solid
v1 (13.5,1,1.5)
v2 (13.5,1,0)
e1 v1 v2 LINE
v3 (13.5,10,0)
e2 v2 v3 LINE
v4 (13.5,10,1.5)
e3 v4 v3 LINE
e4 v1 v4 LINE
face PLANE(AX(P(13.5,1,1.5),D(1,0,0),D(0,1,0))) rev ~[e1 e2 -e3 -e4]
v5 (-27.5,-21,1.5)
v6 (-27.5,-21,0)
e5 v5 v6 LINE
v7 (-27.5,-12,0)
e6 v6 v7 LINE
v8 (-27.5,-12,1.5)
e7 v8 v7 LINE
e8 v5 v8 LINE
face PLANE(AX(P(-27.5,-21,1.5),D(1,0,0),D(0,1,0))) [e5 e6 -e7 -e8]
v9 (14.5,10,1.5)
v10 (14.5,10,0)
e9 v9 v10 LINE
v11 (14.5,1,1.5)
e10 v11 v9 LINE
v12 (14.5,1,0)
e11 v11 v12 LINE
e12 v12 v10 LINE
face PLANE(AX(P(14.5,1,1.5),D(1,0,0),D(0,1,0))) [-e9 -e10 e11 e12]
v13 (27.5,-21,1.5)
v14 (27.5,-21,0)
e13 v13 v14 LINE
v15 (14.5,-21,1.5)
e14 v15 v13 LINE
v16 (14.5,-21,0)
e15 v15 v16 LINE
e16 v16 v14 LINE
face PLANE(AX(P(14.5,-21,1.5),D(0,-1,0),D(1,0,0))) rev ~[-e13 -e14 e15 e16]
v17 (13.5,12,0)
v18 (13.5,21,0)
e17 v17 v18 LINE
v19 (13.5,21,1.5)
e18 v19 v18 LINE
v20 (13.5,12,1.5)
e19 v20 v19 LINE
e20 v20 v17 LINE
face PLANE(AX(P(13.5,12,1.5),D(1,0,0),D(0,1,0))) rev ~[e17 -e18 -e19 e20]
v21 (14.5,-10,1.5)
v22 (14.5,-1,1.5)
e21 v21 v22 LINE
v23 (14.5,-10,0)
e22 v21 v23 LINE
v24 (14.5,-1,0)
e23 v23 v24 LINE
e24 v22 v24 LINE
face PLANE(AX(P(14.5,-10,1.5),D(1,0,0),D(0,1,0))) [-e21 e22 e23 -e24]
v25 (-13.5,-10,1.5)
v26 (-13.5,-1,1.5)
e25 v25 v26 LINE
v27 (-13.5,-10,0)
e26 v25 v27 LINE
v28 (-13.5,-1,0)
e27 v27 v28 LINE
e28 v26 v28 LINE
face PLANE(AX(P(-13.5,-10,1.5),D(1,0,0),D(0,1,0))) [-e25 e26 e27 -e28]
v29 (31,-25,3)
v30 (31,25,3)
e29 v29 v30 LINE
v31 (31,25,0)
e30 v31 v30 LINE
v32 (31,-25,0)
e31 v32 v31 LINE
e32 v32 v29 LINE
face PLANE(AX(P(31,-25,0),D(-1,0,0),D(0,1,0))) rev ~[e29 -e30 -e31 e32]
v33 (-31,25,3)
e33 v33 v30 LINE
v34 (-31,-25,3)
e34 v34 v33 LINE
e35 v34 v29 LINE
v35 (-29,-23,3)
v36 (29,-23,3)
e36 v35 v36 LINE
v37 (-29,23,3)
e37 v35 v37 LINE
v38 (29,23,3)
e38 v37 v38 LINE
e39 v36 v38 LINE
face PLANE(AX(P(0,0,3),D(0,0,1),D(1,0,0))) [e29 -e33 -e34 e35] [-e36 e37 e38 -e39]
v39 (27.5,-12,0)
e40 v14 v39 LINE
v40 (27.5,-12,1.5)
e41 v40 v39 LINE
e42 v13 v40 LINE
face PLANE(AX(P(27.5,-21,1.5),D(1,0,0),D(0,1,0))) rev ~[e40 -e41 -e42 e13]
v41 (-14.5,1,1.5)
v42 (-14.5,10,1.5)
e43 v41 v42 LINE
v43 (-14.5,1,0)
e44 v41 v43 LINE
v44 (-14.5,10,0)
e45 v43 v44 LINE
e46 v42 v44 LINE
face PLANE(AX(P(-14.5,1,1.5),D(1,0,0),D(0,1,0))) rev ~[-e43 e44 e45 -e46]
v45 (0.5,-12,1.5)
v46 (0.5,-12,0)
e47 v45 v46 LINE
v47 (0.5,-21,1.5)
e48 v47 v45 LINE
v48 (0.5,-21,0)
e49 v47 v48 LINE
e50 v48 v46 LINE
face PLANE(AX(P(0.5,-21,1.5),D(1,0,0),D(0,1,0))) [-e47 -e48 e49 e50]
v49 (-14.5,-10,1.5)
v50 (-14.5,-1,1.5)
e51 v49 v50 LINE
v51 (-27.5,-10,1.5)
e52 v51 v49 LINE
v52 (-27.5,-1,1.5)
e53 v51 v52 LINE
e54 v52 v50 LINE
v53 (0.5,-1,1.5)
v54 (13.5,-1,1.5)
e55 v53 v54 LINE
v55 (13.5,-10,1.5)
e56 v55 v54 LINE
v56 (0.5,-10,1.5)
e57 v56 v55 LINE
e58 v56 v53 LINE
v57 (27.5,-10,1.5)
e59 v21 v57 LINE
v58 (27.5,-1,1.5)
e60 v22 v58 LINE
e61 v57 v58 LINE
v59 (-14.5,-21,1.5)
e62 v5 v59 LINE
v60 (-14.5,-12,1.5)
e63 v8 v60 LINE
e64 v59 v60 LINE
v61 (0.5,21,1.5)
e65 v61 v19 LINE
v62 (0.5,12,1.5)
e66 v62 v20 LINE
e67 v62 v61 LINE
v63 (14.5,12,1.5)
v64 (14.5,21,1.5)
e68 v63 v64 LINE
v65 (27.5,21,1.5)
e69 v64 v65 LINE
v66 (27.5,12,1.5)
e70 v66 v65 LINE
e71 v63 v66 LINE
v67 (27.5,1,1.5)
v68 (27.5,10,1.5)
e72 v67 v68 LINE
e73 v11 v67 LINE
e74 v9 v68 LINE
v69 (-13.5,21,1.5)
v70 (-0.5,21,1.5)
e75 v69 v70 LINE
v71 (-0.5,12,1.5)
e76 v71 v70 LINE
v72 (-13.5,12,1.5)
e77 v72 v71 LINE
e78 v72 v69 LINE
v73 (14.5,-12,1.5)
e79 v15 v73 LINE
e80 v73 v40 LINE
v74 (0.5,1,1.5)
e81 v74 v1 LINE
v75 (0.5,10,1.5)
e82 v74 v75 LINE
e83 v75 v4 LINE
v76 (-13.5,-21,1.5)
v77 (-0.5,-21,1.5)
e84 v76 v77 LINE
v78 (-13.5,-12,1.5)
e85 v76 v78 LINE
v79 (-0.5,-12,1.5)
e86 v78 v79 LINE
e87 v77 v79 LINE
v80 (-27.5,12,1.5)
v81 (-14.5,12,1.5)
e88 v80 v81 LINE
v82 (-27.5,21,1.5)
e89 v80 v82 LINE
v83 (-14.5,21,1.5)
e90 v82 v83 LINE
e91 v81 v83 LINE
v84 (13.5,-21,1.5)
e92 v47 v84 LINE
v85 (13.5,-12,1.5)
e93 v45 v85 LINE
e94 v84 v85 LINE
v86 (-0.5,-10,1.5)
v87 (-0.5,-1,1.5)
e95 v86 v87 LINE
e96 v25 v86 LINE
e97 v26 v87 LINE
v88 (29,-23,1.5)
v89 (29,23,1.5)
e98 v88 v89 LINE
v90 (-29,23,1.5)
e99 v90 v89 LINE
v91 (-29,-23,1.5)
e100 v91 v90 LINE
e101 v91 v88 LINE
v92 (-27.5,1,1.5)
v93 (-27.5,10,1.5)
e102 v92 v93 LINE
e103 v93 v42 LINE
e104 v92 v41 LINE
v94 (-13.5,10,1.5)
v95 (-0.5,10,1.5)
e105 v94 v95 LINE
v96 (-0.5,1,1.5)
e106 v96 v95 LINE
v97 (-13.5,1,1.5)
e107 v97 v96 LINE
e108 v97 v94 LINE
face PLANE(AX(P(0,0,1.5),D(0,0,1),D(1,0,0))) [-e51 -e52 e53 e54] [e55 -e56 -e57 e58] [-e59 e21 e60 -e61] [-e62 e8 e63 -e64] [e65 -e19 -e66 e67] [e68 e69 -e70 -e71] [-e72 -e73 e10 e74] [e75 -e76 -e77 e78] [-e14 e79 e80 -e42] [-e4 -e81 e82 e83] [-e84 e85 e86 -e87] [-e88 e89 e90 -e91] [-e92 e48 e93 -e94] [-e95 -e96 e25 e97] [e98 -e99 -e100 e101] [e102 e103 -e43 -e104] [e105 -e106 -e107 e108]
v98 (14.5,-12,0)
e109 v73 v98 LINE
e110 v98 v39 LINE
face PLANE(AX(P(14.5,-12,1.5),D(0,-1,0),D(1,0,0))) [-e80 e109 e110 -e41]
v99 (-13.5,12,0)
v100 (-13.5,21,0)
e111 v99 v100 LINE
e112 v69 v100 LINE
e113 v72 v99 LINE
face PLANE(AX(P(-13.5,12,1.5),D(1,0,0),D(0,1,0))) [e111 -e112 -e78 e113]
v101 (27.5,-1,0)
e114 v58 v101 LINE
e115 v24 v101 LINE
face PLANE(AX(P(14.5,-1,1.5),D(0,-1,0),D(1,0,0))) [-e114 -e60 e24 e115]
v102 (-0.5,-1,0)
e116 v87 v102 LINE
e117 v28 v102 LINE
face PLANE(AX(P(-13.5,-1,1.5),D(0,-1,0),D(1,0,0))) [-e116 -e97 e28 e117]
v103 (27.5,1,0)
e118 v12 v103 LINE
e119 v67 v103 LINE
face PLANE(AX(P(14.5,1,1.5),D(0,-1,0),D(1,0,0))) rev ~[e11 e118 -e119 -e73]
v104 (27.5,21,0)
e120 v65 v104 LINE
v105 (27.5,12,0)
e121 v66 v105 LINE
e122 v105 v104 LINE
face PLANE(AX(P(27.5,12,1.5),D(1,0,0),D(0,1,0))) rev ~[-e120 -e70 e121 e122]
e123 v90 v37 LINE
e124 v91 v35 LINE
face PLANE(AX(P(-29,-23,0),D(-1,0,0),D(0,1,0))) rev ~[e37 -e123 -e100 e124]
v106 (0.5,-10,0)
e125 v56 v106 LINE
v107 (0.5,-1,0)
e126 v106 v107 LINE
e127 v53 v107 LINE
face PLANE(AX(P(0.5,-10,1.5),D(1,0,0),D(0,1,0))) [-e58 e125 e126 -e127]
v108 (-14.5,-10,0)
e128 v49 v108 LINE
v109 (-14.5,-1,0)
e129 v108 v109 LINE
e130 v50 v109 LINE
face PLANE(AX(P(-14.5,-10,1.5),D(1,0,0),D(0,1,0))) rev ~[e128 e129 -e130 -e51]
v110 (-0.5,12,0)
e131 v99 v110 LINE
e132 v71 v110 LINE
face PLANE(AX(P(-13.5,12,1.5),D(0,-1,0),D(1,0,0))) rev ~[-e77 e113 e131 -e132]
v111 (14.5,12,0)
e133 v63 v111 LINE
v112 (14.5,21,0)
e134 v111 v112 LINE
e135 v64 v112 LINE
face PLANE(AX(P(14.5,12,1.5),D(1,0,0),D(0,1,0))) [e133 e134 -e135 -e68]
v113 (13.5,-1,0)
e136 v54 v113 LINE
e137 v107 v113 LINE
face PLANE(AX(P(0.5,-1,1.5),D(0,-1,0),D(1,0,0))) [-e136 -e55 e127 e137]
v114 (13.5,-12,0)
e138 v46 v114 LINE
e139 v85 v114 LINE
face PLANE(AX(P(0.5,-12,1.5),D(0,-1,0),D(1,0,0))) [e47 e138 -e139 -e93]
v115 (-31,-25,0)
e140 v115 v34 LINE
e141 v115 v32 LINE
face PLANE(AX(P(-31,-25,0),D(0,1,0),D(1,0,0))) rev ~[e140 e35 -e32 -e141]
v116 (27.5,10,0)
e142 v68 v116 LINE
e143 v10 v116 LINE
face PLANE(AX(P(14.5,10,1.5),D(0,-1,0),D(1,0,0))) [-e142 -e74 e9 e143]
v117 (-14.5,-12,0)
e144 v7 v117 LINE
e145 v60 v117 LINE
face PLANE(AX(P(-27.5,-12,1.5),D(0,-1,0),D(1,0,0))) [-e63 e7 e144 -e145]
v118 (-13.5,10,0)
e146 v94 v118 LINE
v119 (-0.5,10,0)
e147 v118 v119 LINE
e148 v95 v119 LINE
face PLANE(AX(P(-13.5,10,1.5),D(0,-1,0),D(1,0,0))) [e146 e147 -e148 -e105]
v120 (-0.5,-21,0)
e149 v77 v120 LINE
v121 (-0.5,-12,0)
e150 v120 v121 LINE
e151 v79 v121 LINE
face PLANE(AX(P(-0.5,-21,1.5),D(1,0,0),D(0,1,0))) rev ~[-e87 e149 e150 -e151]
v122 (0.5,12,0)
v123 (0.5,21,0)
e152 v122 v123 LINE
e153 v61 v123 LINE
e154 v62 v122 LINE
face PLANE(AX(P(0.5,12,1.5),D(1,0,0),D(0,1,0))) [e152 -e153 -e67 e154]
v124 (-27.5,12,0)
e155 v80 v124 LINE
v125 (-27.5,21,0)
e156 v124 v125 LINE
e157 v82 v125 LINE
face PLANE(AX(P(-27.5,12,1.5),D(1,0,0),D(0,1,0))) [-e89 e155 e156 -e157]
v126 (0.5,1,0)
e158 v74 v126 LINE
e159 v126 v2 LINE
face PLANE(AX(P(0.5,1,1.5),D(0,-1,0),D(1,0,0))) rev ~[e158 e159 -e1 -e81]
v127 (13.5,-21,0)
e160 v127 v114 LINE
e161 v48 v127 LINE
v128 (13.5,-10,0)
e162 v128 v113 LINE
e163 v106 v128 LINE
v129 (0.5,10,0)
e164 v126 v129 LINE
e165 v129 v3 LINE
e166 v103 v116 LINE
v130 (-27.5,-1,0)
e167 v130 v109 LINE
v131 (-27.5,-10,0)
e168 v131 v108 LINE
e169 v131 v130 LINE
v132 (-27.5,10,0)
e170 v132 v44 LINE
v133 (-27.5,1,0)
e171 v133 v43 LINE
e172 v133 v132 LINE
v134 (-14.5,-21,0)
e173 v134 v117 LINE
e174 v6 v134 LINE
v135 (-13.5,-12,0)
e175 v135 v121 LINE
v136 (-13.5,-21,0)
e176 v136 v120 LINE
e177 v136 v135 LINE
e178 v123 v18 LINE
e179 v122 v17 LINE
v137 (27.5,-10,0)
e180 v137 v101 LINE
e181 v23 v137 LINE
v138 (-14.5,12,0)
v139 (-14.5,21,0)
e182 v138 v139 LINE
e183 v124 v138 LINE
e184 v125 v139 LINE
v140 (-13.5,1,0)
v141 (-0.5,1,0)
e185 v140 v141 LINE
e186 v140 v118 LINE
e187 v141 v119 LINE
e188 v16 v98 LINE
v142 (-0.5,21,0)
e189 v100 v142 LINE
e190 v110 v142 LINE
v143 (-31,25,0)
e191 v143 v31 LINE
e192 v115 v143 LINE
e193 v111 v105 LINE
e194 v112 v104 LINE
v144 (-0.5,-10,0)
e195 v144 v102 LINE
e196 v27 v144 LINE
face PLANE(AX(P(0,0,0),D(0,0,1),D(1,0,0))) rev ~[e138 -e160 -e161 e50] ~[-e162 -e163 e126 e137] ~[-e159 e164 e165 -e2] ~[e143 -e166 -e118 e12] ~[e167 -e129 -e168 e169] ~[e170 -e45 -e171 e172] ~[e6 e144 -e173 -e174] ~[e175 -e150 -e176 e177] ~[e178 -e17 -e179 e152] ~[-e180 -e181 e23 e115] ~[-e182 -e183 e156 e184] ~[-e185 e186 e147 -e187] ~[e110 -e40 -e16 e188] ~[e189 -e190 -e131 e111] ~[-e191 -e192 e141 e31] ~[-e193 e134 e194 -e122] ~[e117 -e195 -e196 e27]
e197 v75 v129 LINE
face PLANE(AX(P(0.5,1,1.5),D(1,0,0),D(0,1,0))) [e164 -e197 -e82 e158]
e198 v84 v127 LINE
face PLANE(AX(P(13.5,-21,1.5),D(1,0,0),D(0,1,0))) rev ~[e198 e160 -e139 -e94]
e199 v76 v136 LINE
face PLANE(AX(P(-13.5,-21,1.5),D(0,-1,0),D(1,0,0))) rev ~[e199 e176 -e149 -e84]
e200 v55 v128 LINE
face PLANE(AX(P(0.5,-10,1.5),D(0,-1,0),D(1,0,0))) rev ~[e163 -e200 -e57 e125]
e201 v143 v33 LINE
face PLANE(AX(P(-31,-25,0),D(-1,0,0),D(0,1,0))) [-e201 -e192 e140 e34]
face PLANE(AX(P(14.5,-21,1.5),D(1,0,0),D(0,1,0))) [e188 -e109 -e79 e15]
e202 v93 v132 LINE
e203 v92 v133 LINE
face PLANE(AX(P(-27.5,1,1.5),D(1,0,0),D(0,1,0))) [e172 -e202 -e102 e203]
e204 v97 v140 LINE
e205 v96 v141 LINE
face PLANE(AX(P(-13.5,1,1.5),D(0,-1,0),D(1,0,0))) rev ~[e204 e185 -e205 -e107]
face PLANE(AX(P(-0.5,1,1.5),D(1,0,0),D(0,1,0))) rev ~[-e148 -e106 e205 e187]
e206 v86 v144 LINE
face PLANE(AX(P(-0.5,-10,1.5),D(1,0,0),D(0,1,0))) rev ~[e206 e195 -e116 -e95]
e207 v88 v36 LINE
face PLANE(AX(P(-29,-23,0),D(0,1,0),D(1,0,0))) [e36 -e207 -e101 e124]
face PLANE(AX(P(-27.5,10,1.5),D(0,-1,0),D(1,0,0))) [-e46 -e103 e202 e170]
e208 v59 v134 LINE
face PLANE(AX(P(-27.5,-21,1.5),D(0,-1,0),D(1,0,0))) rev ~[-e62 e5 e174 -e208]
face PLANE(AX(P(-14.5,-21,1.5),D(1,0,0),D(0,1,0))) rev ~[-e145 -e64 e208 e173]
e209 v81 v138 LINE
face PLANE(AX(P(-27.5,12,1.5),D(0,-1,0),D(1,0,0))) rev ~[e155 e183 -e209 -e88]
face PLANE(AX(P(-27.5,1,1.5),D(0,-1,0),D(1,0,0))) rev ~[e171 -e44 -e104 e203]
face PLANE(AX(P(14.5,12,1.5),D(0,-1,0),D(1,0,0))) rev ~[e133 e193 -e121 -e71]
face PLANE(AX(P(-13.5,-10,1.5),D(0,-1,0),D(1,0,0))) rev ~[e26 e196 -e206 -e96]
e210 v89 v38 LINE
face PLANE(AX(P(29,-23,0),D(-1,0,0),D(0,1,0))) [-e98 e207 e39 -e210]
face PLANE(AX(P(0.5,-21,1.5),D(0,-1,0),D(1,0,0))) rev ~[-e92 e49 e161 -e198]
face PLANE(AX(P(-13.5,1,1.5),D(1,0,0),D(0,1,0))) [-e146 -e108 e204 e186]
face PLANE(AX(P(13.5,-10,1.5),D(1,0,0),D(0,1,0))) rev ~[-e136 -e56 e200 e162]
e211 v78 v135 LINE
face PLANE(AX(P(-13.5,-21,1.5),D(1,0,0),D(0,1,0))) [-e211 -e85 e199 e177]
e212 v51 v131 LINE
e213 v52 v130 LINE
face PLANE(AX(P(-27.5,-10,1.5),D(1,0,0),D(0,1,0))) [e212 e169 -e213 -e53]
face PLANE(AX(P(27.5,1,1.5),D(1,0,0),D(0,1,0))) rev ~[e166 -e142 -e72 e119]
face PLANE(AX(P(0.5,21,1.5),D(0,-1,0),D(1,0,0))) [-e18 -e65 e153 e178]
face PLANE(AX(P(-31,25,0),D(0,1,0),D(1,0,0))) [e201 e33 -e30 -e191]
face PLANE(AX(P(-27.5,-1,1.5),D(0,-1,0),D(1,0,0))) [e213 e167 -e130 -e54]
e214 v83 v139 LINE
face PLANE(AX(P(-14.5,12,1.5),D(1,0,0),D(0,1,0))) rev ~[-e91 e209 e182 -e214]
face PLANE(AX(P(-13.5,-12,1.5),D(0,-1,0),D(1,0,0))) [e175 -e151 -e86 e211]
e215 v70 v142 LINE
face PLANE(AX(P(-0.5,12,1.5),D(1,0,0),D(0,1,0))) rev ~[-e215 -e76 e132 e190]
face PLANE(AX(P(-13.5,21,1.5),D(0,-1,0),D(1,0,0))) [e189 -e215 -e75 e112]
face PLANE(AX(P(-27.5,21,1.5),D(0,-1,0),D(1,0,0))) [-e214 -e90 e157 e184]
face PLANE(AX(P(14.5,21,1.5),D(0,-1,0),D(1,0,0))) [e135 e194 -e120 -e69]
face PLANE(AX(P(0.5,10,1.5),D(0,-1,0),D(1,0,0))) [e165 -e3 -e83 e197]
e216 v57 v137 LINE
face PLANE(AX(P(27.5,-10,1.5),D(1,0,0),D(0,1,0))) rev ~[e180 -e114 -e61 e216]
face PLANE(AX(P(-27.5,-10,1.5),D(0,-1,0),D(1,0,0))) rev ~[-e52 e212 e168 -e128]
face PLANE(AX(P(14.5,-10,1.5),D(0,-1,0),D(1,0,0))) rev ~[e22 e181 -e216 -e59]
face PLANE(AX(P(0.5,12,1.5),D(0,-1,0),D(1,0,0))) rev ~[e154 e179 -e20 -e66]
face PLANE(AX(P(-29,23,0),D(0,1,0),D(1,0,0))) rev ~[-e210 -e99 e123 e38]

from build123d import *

# Parameters (mm, degrees)
F0_W     = 58
F0_H     = 46
F1_DEPTH = 1.5
F2_W     = 11
F2_H     = 7
F3_DEPTH = 1.501
F4_W     = 13
F4_H     = 9
F4_W_2   = 11
F4_H_2   = 7
F5_DEPTH = 1.501
F0_W_2   = 62
F0_H_2   = 50
F6_DEPTH = 3


with BuildPart() as f1:
    # F0 (on Top) → F1 (new body)
    with BuildSketch(Plane.XY):
        Rectangle(F0_W, F0_H)
    extrude(amount=F1_DEPTH)

    # F2 (on face) → F3 (cut, through all)
    with BuildSketch(Plane.XY.offset(1.5)):
        with Locations((-21, 16.5)):
            Rectangle(F2_W, F2_H)
        with Locations((-7, 16.5)):
            Rectangle(F2_W, F2_H)
        with Locations((7, 16.5)):
            Rectangle(F2_W, F2_H)
        with Locations((21, 16.5)):
            Rectangle(F2_W, F2_H)
        with Locations((-20.923837, 5.500264)):
            Rectangle(F2_W, F2_H)
        with Locations((-6.923837, 5.500264)):
            Rectangle(F2_W, F2_H)
        with Locations((7.076163, 5.500264)):
            Rectangle(F2_W, F2_H)
        with Locations((21.076163, 5.500264)):
            Rectangle(F2_W, F2_H)
        with Locations((-20.847673, -5.499473)):
            Rectangle(F2_W, F2_H)
        with Locations((-6.847673, -5.499473)):
            Rectangle(F2_W, F2_H)
        with Locations((7.152327, -5.499473)):
            Rectangle(F2_W, F2_H)
        with Locations((21.152327, -5.499473)):
            Rectangle(F2_W, F2_H)
        with Locations((-20.77151, -16.499209)):
            Rectangle(F2_W, F2_H)
        with Locations((-6.77151, -16.499209)):
            Rectangle(F2_W, F2_H)
        with Locations((7.22849, -16.499209)):
            Rectangle(F2_W, F2_H)
        with Locations((21.22849, -16.499209)):
            Rectangle(F2_W, F2_H)
    extrude(amount=-F3_DEPTH, mode=Mode.SUBTRACT)

    # F4 (on face) → F5 (cut, through all)
    with BuildSketch(Plane.XY.offset(1.5)):
        with Locations((-21, 16.5)):
            Rectangle(F4_W, F4_H)
        with Locations((-21, 16.5)):
            Rectangle(F4_W_2, F4_H_2, mode=Mode.SUBTRACT)
        with Locations((-7, 16.5)):
            Rectangle(F4_W, F4_H)
        with Locations((-7, 16.5)):
            Rectangle(F4_W_2, F4_H_2, mode=Mode.SUBTRACT)
        with Locations((7, 16.5)):
            Rectangle(F4_W, F4_H)
        with Locations((7, 16.5)):
            Rectangle(F4_W_2, F4_H_2, mode=Mode.SUBTRACT)
        with Locations((21, 16.5)):
            Rectangle(F4_W, F4_H)
        with Locations((21, 16.5)):
            Rectangle(F4_W_2, F4_H_2, mode=Mode.SUBTRACT)
        with Locations((-21, 5.5)):
            Rectangle(F4_W, F4_H)
        with Locations((-20.923837, 5.500264)):
            Rectangle(F4_W_2, F4_H_2, mode=Mode.SUBTRACT)
        with Locations((7, 5.5)):
            Rectangle(F4_W, F4_H)
        with Locations((7.076163, 5.500264)):
            Rectangle(F4_W_2, F4_H_2, mode=Mode.SUBTRACT)
        with Locations((-7, 5.5)):
            Rectangle(F4_W, F4_H)
        with Locations((-6.923837, 5.500264)):
            Rectangle(F4_W_2, F4_H_2, mode=Mode.SUBTRACT)
        with Locations((21, 5.5)):
            Rectangle(F4_W, F4_H)
        with Locations((21.076163, 5.500264)):
            Rectangle(F4_W_2, F4_H_2, mode=Mode.SUBTRACT)
        with Locations((-21, -5.5)):
            Rectangle(F4_W, F4_H)
        with Locations((-20.847673, -5.499473)):
            Rectangle(F4_W_2, F4_H_2, mode=Mode.SUBTRACT)
        with Locations((-7, -5.5)):
            Rectangle(F4_W, F4_H)
        with Locations((-6.847673, -5.499473)):
            Rectangle(F4_W_2, F4_H_2, mode=Mode.SUBTRACT)
        with Locations((7, -5.5)):
            Rectangle(F4_W, F4_H)
        with Locations((7.152327, -5.499473)):
            Rectangle(F4_W_2, F4_H_2, mode=Mode.SUBTRACT)
        with Locations((21, -5.5)):
            Rectangle(F4_W, F4_H)
        with Locations((21.152327, -5.499473)):
            Rectangle(F4_W_2, F4_H_2, mode=Mode.SUBTRACT)
        with Locations((-21, -16.5)):
            Rectangle(F4_W, F4_H)
        with Locations((-20.77151, -16.499209)):
            Rectangle(F4_W_2, F4_H_2, mode=Mode.SUBTRACT)
        with Locations((-7, -16.5)):
            Rectangle(F4_W, F4_H)
        with Locations((-6.77151, -16.499209)):
            Rectangle(F4_W_2, F4_H_2, mode=Mode.SUBTRACT)
        with Locations((7, -16.5)):
            Rectangle(F4_W, F4_H)
        with Locations((7.22849, -16.499209)):
            Rectangle(F4_W_2, F4_H_2, mode=Mode.SUBTRACT)
        with Locations((21, -16.5)):
            Rectangle(F4_W, F4_H)
        with Locations((21.22849, -16.499209)):
            Rectangle(F4_W_2, F4_H_2, mode=Mode.SUBTRACT)
    extrude(amount=-F5_DEPTH, mode=Mode.SUBTRACT)

    # F0 (on Top) → F6 (join)
    with BuildSketch(Plane.XY):
        Rectangle(F0_W_2, F0_H_2)
        Rectangle(F0_W, F0_H, mode=Mode.SUBTRACT)
    extrude(amount=F6_DEPTH)


solid = f1.part
